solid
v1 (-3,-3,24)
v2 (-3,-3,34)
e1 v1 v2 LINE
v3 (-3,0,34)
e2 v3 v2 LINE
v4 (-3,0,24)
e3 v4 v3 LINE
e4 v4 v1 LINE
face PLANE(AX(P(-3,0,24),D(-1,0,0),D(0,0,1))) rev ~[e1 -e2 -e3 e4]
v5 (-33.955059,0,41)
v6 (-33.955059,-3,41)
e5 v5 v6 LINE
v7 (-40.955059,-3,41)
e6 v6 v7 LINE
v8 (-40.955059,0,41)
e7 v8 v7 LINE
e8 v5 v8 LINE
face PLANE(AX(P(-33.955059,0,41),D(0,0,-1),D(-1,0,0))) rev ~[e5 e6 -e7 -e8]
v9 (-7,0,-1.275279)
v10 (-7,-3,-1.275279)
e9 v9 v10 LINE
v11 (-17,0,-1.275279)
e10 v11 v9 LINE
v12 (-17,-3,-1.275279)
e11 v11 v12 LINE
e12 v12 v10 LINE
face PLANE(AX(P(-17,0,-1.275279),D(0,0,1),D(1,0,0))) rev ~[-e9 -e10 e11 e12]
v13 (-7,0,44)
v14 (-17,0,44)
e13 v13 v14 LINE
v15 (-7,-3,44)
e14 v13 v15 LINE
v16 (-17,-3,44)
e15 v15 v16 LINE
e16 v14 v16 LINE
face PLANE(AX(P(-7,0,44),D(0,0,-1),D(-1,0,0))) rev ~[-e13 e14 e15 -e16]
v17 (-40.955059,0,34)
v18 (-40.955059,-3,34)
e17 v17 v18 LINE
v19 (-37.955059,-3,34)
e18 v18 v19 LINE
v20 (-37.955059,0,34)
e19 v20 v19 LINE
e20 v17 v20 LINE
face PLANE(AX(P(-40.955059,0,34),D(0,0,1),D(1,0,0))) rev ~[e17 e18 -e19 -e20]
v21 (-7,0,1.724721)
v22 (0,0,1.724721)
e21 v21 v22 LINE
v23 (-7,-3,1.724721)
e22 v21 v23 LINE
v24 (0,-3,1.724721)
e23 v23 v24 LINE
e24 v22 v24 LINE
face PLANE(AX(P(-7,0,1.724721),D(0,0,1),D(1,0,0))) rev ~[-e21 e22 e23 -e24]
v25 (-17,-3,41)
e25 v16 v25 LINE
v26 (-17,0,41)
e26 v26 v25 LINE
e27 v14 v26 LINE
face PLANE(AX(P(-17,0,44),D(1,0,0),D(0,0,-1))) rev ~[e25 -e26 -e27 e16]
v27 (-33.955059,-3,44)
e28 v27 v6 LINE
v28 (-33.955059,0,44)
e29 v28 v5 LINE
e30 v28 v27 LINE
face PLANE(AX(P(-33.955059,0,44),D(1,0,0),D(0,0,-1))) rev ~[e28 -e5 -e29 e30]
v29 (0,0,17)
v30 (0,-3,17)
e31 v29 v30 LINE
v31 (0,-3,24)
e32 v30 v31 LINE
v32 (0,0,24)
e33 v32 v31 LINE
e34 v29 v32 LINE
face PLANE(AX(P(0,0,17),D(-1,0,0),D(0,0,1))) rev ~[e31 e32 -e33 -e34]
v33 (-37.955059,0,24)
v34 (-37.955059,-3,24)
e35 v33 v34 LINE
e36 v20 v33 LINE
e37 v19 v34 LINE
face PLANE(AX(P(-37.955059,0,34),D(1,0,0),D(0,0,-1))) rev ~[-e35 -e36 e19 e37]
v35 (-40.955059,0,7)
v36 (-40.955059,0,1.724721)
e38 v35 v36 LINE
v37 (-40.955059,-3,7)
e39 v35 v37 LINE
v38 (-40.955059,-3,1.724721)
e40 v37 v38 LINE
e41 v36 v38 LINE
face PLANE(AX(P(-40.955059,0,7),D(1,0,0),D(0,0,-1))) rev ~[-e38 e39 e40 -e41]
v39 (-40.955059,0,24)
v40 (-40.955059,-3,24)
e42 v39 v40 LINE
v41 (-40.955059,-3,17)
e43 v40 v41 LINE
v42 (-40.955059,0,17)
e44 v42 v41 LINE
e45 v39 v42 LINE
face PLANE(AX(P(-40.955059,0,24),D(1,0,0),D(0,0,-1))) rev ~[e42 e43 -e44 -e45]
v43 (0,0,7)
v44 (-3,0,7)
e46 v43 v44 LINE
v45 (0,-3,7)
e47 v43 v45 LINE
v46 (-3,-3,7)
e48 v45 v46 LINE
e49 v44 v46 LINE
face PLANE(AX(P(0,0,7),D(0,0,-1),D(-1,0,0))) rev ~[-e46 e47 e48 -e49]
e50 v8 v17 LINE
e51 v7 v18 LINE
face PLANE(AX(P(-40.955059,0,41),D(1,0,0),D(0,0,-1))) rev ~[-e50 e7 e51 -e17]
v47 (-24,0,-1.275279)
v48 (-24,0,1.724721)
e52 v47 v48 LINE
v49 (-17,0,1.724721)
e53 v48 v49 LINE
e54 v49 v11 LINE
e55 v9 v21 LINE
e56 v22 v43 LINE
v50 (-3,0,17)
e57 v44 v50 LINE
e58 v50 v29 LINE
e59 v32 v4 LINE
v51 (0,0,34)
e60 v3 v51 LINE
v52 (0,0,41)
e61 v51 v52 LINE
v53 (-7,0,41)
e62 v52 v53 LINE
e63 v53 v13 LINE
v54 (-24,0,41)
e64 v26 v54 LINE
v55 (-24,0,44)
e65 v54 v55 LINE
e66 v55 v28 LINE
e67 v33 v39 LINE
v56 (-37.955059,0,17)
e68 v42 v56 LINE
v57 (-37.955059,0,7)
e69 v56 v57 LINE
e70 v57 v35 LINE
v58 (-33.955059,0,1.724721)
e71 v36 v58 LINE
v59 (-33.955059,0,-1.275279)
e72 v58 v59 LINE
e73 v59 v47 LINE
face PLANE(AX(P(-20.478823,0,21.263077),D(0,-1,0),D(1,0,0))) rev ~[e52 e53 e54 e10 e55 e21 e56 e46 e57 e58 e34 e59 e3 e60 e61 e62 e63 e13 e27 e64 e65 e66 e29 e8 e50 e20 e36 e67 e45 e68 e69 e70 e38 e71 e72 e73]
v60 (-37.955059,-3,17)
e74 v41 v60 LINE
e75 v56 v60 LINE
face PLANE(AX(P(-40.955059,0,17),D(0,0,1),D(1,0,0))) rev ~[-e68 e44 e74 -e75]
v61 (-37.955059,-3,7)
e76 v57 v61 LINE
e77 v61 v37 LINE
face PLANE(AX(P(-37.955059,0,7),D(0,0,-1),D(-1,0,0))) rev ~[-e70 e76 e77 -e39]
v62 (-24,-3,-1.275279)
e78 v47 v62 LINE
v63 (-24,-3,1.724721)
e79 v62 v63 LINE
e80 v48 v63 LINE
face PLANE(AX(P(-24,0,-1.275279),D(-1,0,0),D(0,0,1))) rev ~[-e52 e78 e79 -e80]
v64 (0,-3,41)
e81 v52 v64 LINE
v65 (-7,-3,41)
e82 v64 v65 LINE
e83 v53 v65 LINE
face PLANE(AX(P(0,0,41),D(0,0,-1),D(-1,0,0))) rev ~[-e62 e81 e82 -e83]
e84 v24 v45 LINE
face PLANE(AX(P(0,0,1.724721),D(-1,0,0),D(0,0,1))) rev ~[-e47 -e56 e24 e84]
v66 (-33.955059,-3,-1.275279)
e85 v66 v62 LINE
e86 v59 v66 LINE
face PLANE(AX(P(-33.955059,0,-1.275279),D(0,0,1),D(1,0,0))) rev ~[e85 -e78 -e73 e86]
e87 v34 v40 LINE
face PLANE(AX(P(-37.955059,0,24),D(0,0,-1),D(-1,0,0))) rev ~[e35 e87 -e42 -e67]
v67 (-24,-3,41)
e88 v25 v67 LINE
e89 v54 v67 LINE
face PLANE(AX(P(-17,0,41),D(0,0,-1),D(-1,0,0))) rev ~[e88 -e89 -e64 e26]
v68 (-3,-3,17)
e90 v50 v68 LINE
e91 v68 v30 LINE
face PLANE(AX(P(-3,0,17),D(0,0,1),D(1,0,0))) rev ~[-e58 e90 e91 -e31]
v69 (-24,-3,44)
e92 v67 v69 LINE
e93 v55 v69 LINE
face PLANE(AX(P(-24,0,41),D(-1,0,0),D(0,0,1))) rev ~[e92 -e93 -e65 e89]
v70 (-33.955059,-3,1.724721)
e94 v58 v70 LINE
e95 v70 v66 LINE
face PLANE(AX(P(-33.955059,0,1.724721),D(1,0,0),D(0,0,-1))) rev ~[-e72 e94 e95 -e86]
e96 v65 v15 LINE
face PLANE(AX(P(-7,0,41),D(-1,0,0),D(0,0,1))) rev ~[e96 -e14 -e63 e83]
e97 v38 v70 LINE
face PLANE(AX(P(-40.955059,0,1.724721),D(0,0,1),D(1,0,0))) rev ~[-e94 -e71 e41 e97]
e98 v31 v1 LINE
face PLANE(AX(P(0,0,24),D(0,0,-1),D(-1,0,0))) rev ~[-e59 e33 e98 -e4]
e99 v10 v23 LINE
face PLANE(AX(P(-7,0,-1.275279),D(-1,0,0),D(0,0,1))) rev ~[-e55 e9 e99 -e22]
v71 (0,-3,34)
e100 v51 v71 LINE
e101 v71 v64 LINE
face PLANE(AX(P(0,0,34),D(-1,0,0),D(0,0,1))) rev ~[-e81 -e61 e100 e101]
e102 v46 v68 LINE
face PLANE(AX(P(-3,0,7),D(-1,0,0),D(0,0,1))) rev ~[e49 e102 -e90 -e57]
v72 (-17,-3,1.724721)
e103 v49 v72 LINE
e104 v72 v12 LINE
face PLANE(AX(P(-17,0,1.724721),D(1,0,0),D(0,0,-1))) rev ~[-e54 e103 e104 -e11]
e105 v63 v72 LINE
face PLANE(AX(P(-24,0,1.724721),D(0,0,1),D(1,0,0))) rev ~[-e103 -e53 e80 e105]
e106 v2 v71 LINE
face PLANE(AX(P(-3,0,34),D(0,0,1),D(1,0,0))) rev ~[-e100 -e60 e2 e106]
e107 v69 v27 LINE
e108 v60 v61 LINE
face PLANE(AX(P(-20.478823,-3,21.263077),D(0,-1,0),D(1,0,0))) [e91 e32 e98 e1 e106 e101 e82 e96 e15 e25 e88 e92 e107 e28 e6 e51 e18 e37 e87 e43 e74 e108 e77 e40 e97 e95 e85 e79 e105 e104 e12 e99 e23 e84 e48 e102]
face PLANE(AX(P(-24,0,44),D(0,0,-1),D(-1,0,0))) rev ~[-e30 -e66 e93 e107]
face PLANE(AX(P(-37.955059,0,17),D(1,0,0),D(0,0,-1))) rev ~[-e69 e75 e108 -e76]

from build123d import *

# Parameters (mm, degrees)
F1_DEPTH = 3


with BuildPart() as f1:
    # F0 (on Front) → F1 (new body)
    with BuildSketch(Plane.XZ):
        Polygon((-7, 1.724721), (0, 1.724721), (0, 7), (-3, 7), (-3, 17), (0, 17), (0, 24), (-3, 24), (-3, 34), (0, 34), (0, 41), (-7, 41), (-7, 44), (-17, 44), (-17, 41), (-24, 41), (-24, 44), (-33.955059, 44), (-33.955059, 41), (-34, 41), (-40.955059, 41), (-40.955059, 34), (-37.955059, 34), (-37.955059, 24), (-40.955059, 24), (-40.955059, 17), (-37.955059, 17), (-37.955059, 7), (-40.955059, 7), (-40.955059, 1.724721), (-34, 1.724721), (-33.955059, 1.724721), (-33.955059, -1.275279), (-24, -1.275279), (-24, 1.724721), (-17, 1.724721), (-17, -1.275279), (-7, -1.275279), align=None)
    extrude(amount=F1_DEPTH)


solid = f1.part
